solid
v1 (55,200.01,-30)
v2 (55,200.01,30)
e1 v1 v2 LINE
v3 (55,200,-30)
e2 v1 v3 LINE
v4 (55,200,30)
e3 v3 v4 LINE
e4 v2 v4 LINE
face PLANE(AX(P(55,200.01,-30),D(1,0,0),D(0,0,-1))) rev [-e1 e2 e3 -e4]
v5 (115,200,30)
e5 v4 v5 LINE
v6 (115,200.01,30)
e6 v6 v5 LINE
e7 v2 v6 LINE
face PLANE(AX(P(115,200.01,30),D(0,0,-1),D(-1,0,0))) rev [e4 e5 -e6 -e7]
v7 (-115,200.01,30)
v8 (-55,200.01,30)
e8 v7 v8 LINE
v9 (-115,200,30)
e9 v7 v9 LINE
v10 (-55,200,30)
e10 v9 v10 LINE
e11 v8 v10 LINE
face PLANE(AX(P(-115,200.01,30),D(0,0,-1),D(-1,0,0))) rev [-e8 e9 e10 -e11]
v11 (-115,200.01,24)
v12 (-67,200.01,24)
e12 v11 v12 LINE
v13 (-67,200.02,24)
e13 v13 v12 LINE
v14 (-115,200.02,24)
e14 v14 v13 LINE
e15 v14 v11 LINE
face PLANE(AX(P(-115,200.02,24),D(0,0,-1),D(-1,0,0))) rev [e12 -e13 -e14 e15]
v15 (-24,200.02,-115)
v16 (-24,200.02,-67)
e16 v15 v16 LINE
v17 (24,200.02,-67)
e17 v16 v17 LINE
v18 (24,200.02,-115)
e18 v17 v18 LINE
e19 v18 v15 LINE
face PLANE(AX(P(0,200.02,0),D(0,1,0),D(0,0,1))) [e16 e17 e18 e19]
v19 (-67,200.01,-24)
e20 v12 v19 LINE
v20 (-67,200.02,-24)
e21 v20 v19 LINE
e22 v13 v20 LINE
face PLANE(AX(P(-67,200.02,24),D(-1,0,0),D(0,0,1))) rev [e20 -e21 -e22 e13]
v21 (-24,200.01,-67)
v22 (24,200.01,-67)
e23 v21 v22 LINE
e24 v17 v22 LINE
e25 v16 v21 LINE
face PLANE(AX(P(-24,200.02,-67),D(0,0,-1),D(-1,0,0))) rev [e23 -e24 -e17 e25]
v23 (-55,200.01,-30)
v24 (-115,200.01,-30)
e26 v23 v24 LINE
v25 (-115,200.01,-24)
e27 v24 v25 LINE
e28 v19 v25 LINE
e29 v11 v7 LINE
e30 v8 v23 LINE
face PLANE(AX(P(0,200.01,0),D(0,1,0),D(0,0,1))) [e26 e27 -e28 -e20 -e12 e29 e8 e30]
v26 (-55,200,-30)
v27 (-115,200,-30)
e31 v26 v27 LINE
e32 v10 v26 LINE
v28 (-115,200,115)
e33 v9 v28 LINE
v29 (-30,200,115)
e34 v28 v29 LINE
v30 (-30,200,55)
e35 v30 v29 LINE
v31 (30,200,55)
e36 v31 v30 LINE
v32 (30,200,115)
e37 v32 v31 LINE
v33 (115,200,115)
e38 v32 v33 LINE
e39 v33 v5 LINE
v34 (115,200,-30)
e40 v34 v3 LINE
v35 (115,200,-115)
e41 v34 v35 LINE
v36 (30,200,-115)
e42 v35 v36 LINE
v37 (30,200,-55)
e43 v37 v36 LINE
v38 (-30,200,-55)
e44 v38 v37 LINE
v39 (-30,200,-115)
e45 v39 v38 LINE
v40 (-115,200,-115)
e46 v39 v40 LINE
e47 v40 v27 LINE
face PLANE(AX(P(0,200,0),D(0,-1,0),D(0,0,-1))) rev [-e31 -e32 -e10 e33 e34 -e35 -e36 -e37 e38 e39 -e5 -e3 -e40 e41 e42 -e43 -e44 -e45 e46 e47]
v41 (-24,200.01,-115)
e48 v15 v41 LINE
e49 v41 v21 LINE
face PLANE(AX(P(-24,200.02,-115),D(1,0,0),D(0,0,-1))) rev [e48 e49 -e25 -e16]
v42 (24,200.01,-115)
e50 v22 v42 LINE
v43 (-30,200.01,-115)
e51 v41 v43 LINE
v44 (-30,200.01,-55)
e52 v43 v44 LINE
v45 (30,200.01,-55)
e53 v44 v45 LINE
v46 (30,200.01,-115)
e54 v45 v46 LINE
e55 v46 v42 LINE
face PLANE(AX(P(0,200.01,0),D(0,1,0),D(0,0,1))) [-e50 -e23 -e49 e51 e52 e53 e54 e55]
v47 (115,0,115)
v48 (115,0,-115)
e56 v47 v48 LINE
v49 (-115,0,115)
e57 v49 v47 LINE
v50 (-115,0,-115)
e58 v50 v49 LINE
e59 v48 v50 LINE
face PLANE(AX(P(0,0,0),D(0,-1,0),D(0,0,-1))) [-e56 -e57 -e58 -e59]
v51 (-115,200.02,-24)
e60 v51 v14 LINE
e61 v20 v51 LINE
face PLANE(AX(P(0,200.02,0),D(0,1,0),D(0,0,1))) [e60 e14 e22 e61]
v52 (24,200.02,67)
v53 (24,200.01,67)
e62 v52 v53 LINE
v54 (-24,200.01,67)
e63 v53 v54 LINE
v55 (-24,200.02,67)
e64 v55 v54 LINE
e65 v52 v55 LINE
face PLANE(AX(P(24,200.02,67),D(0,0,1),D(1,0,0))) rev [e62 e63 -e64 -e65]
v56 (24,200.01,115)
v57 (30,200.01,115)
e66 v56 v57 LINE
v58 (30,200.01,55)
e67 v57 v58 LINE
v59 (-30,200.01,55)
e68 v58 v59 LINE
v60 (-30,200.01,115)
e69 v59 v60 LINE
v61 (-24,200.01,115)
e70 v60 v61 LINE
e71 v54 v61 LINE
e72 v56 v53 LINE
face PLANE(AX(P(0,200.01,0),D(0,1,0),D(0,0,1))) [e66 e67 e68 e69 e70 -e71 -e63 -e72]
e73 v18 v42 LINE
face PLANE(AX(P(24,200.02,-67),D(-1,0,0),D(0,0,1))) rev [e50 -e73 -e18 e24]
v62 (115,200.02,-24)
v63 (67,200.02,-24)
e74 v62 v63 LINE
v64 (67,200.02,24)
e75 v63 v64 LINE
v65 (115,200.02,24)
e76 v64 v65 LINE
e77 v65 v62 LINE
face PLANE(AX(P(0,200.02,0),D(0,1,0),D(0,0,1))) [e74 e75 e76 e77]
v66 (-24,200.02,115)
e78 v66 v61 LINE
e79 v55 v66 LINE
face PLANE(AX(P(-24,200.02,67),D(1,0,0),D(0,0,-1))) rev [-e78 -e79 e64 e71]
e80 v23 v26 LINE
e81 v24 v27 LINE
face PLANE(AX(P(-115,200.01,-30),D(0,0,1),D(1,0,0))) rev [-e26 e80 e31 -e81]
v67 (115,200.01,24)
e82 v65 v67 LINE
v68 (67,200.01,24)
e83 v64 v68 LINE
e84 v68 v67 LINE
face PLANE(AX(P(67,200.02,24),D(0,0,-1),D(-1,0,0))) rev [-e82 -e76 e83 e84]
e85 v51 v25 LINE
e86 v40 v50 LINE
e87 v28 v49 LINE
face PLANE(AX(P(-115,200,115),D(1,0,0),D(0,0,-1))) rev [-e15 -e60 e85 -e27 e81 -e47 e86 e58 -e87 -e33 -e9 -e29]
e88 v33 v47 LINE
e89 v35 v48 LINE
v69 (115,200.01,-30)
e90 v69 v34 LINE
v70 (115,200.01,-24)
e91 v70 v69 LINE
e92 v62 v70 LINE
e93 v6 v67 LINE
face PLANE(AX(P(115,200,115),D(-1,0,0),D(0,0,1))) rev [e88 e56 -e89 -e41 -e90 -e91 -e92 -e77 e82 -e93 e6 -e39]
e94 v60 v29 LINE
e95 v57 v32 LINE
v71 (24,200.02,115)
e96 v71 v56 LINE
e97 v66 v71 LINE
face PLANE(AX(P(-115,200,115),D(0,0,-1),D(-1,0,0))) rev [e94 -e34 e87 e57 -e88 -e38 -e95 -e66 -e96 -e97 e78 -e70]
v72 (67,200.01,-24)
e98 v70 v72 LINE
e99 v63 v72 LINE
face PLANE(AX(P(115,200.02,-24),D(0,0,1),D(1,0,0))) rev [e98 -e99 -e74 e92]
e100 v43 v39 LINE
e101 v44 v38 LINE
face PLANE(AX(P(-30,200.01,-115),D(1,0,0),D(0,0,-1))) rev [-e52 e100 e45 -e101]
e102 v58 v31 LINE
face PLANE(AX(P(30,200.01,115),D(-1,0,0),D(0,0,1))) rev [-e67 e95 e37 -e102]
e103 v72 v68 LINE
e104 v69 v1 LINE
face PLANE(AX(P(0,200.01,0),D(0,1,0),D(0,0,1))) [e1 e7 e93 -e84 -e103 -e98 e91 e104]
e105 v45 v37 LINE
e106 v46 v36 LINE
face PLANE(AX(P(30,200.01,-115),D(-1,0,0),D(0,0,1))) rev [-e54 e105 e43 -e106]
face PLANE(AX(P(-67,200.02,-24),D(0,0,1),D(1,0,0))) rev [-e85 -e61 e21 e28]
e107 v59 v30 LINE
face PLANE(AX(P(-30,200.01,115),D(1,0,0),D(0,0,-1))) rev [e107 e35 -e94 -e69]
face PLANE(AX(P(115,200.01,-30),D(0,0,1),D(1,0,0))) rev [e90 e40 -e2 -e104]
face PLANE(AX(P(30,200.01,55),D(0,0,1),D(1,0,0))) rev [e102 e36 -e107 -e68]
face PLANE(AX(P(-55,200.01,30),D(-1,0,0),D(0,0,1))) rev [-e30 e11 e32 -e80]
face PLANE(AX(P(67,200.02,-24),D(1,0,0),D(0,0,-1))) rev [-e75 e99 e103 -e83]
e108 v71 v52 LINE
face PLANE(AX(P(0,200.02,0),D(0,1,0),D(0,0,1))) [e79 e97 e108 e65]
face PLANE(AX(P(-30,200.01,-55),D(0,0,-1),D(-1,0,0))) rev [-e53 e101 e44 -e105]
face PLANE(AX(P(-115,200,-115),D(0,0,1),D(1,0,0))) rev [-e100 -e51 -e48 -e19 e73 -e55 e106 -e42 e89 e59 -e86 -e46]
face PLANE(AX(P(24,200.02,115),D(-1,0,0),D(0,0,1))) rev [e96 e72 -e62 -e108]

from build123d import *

# Parameters (mm, degrees)
SKETCH1_W           = 230
SKETCH1_H           = 230
BOSS_EXTRUDE1_DEPTH = 200
SKETCH3_W           = 60
SKETCH3_H           = 60
BOSS_EXTRUDE2_DEPTH = 0.01
SKETCH5_W           = 48
SKETCH5_H           = 48
BOSS_EXTRUDE3_DEPTH = 0.01


with BuildPart() as part:
    # Sketch1 → Boss-Extrude1 (new body)
    with BuildSketch(Plane(origin=(0, 0, 0), x_dir=(1, 0, 0), z_dir=(0, 1, 0))):
        Rectangle(SKETCH1_W, SKETCH1_H)
    extrude(amount=BOSS_EXTRUDE1_DEPTH)

    # Sketch3 → Boss-Extrude2 (add)
    with BuildSketch(Plane(origin=(0, 200, 0), x_dir=(1, 0, 0), z_dir=(0, 1, 0))):
        with Locations((85, 0)):
            Rectangle(SKETCH3_W, SKETCH3_H)
        with Locations((0, 85)):
            Rectangle(SKETCH3_W, SKETCH3_H)
        with Locations((0, -85)):
            Rectangle(SKETCH3_W, SKETCH3_H)
        with Locations((-85, 0)):
            Rectangle(SKETCH3_W, SKETCH3_H)
    extrude(amount=BOSS_EXTRUDE2_DEPTH)

    # Sketch5 → Boss-Extrude3 (add)
    with BuildSketch(Plane(origin=(0, 200.01, 0), x_dir=(1, 0, 0), z_dir=(0, 1, 0))):
        with Locations((0, 91)):
            Rectangle(SKETCH5_W, SKETCH5_H)
        with Locations((91, 0)):
            Rectangle(SKETCH5_W, SKETCH5_H)
        with Locations((0, -91)):
            Rectangle(SKETCH5_W, SKETCH5_H)
        with Locations((-91, 0)):
            Rectangle(SKETCH5_W, SKETCH5_H)
    extrude(amount=BOSS_EXTRUDE3_DEPTH)


solid = part.part
